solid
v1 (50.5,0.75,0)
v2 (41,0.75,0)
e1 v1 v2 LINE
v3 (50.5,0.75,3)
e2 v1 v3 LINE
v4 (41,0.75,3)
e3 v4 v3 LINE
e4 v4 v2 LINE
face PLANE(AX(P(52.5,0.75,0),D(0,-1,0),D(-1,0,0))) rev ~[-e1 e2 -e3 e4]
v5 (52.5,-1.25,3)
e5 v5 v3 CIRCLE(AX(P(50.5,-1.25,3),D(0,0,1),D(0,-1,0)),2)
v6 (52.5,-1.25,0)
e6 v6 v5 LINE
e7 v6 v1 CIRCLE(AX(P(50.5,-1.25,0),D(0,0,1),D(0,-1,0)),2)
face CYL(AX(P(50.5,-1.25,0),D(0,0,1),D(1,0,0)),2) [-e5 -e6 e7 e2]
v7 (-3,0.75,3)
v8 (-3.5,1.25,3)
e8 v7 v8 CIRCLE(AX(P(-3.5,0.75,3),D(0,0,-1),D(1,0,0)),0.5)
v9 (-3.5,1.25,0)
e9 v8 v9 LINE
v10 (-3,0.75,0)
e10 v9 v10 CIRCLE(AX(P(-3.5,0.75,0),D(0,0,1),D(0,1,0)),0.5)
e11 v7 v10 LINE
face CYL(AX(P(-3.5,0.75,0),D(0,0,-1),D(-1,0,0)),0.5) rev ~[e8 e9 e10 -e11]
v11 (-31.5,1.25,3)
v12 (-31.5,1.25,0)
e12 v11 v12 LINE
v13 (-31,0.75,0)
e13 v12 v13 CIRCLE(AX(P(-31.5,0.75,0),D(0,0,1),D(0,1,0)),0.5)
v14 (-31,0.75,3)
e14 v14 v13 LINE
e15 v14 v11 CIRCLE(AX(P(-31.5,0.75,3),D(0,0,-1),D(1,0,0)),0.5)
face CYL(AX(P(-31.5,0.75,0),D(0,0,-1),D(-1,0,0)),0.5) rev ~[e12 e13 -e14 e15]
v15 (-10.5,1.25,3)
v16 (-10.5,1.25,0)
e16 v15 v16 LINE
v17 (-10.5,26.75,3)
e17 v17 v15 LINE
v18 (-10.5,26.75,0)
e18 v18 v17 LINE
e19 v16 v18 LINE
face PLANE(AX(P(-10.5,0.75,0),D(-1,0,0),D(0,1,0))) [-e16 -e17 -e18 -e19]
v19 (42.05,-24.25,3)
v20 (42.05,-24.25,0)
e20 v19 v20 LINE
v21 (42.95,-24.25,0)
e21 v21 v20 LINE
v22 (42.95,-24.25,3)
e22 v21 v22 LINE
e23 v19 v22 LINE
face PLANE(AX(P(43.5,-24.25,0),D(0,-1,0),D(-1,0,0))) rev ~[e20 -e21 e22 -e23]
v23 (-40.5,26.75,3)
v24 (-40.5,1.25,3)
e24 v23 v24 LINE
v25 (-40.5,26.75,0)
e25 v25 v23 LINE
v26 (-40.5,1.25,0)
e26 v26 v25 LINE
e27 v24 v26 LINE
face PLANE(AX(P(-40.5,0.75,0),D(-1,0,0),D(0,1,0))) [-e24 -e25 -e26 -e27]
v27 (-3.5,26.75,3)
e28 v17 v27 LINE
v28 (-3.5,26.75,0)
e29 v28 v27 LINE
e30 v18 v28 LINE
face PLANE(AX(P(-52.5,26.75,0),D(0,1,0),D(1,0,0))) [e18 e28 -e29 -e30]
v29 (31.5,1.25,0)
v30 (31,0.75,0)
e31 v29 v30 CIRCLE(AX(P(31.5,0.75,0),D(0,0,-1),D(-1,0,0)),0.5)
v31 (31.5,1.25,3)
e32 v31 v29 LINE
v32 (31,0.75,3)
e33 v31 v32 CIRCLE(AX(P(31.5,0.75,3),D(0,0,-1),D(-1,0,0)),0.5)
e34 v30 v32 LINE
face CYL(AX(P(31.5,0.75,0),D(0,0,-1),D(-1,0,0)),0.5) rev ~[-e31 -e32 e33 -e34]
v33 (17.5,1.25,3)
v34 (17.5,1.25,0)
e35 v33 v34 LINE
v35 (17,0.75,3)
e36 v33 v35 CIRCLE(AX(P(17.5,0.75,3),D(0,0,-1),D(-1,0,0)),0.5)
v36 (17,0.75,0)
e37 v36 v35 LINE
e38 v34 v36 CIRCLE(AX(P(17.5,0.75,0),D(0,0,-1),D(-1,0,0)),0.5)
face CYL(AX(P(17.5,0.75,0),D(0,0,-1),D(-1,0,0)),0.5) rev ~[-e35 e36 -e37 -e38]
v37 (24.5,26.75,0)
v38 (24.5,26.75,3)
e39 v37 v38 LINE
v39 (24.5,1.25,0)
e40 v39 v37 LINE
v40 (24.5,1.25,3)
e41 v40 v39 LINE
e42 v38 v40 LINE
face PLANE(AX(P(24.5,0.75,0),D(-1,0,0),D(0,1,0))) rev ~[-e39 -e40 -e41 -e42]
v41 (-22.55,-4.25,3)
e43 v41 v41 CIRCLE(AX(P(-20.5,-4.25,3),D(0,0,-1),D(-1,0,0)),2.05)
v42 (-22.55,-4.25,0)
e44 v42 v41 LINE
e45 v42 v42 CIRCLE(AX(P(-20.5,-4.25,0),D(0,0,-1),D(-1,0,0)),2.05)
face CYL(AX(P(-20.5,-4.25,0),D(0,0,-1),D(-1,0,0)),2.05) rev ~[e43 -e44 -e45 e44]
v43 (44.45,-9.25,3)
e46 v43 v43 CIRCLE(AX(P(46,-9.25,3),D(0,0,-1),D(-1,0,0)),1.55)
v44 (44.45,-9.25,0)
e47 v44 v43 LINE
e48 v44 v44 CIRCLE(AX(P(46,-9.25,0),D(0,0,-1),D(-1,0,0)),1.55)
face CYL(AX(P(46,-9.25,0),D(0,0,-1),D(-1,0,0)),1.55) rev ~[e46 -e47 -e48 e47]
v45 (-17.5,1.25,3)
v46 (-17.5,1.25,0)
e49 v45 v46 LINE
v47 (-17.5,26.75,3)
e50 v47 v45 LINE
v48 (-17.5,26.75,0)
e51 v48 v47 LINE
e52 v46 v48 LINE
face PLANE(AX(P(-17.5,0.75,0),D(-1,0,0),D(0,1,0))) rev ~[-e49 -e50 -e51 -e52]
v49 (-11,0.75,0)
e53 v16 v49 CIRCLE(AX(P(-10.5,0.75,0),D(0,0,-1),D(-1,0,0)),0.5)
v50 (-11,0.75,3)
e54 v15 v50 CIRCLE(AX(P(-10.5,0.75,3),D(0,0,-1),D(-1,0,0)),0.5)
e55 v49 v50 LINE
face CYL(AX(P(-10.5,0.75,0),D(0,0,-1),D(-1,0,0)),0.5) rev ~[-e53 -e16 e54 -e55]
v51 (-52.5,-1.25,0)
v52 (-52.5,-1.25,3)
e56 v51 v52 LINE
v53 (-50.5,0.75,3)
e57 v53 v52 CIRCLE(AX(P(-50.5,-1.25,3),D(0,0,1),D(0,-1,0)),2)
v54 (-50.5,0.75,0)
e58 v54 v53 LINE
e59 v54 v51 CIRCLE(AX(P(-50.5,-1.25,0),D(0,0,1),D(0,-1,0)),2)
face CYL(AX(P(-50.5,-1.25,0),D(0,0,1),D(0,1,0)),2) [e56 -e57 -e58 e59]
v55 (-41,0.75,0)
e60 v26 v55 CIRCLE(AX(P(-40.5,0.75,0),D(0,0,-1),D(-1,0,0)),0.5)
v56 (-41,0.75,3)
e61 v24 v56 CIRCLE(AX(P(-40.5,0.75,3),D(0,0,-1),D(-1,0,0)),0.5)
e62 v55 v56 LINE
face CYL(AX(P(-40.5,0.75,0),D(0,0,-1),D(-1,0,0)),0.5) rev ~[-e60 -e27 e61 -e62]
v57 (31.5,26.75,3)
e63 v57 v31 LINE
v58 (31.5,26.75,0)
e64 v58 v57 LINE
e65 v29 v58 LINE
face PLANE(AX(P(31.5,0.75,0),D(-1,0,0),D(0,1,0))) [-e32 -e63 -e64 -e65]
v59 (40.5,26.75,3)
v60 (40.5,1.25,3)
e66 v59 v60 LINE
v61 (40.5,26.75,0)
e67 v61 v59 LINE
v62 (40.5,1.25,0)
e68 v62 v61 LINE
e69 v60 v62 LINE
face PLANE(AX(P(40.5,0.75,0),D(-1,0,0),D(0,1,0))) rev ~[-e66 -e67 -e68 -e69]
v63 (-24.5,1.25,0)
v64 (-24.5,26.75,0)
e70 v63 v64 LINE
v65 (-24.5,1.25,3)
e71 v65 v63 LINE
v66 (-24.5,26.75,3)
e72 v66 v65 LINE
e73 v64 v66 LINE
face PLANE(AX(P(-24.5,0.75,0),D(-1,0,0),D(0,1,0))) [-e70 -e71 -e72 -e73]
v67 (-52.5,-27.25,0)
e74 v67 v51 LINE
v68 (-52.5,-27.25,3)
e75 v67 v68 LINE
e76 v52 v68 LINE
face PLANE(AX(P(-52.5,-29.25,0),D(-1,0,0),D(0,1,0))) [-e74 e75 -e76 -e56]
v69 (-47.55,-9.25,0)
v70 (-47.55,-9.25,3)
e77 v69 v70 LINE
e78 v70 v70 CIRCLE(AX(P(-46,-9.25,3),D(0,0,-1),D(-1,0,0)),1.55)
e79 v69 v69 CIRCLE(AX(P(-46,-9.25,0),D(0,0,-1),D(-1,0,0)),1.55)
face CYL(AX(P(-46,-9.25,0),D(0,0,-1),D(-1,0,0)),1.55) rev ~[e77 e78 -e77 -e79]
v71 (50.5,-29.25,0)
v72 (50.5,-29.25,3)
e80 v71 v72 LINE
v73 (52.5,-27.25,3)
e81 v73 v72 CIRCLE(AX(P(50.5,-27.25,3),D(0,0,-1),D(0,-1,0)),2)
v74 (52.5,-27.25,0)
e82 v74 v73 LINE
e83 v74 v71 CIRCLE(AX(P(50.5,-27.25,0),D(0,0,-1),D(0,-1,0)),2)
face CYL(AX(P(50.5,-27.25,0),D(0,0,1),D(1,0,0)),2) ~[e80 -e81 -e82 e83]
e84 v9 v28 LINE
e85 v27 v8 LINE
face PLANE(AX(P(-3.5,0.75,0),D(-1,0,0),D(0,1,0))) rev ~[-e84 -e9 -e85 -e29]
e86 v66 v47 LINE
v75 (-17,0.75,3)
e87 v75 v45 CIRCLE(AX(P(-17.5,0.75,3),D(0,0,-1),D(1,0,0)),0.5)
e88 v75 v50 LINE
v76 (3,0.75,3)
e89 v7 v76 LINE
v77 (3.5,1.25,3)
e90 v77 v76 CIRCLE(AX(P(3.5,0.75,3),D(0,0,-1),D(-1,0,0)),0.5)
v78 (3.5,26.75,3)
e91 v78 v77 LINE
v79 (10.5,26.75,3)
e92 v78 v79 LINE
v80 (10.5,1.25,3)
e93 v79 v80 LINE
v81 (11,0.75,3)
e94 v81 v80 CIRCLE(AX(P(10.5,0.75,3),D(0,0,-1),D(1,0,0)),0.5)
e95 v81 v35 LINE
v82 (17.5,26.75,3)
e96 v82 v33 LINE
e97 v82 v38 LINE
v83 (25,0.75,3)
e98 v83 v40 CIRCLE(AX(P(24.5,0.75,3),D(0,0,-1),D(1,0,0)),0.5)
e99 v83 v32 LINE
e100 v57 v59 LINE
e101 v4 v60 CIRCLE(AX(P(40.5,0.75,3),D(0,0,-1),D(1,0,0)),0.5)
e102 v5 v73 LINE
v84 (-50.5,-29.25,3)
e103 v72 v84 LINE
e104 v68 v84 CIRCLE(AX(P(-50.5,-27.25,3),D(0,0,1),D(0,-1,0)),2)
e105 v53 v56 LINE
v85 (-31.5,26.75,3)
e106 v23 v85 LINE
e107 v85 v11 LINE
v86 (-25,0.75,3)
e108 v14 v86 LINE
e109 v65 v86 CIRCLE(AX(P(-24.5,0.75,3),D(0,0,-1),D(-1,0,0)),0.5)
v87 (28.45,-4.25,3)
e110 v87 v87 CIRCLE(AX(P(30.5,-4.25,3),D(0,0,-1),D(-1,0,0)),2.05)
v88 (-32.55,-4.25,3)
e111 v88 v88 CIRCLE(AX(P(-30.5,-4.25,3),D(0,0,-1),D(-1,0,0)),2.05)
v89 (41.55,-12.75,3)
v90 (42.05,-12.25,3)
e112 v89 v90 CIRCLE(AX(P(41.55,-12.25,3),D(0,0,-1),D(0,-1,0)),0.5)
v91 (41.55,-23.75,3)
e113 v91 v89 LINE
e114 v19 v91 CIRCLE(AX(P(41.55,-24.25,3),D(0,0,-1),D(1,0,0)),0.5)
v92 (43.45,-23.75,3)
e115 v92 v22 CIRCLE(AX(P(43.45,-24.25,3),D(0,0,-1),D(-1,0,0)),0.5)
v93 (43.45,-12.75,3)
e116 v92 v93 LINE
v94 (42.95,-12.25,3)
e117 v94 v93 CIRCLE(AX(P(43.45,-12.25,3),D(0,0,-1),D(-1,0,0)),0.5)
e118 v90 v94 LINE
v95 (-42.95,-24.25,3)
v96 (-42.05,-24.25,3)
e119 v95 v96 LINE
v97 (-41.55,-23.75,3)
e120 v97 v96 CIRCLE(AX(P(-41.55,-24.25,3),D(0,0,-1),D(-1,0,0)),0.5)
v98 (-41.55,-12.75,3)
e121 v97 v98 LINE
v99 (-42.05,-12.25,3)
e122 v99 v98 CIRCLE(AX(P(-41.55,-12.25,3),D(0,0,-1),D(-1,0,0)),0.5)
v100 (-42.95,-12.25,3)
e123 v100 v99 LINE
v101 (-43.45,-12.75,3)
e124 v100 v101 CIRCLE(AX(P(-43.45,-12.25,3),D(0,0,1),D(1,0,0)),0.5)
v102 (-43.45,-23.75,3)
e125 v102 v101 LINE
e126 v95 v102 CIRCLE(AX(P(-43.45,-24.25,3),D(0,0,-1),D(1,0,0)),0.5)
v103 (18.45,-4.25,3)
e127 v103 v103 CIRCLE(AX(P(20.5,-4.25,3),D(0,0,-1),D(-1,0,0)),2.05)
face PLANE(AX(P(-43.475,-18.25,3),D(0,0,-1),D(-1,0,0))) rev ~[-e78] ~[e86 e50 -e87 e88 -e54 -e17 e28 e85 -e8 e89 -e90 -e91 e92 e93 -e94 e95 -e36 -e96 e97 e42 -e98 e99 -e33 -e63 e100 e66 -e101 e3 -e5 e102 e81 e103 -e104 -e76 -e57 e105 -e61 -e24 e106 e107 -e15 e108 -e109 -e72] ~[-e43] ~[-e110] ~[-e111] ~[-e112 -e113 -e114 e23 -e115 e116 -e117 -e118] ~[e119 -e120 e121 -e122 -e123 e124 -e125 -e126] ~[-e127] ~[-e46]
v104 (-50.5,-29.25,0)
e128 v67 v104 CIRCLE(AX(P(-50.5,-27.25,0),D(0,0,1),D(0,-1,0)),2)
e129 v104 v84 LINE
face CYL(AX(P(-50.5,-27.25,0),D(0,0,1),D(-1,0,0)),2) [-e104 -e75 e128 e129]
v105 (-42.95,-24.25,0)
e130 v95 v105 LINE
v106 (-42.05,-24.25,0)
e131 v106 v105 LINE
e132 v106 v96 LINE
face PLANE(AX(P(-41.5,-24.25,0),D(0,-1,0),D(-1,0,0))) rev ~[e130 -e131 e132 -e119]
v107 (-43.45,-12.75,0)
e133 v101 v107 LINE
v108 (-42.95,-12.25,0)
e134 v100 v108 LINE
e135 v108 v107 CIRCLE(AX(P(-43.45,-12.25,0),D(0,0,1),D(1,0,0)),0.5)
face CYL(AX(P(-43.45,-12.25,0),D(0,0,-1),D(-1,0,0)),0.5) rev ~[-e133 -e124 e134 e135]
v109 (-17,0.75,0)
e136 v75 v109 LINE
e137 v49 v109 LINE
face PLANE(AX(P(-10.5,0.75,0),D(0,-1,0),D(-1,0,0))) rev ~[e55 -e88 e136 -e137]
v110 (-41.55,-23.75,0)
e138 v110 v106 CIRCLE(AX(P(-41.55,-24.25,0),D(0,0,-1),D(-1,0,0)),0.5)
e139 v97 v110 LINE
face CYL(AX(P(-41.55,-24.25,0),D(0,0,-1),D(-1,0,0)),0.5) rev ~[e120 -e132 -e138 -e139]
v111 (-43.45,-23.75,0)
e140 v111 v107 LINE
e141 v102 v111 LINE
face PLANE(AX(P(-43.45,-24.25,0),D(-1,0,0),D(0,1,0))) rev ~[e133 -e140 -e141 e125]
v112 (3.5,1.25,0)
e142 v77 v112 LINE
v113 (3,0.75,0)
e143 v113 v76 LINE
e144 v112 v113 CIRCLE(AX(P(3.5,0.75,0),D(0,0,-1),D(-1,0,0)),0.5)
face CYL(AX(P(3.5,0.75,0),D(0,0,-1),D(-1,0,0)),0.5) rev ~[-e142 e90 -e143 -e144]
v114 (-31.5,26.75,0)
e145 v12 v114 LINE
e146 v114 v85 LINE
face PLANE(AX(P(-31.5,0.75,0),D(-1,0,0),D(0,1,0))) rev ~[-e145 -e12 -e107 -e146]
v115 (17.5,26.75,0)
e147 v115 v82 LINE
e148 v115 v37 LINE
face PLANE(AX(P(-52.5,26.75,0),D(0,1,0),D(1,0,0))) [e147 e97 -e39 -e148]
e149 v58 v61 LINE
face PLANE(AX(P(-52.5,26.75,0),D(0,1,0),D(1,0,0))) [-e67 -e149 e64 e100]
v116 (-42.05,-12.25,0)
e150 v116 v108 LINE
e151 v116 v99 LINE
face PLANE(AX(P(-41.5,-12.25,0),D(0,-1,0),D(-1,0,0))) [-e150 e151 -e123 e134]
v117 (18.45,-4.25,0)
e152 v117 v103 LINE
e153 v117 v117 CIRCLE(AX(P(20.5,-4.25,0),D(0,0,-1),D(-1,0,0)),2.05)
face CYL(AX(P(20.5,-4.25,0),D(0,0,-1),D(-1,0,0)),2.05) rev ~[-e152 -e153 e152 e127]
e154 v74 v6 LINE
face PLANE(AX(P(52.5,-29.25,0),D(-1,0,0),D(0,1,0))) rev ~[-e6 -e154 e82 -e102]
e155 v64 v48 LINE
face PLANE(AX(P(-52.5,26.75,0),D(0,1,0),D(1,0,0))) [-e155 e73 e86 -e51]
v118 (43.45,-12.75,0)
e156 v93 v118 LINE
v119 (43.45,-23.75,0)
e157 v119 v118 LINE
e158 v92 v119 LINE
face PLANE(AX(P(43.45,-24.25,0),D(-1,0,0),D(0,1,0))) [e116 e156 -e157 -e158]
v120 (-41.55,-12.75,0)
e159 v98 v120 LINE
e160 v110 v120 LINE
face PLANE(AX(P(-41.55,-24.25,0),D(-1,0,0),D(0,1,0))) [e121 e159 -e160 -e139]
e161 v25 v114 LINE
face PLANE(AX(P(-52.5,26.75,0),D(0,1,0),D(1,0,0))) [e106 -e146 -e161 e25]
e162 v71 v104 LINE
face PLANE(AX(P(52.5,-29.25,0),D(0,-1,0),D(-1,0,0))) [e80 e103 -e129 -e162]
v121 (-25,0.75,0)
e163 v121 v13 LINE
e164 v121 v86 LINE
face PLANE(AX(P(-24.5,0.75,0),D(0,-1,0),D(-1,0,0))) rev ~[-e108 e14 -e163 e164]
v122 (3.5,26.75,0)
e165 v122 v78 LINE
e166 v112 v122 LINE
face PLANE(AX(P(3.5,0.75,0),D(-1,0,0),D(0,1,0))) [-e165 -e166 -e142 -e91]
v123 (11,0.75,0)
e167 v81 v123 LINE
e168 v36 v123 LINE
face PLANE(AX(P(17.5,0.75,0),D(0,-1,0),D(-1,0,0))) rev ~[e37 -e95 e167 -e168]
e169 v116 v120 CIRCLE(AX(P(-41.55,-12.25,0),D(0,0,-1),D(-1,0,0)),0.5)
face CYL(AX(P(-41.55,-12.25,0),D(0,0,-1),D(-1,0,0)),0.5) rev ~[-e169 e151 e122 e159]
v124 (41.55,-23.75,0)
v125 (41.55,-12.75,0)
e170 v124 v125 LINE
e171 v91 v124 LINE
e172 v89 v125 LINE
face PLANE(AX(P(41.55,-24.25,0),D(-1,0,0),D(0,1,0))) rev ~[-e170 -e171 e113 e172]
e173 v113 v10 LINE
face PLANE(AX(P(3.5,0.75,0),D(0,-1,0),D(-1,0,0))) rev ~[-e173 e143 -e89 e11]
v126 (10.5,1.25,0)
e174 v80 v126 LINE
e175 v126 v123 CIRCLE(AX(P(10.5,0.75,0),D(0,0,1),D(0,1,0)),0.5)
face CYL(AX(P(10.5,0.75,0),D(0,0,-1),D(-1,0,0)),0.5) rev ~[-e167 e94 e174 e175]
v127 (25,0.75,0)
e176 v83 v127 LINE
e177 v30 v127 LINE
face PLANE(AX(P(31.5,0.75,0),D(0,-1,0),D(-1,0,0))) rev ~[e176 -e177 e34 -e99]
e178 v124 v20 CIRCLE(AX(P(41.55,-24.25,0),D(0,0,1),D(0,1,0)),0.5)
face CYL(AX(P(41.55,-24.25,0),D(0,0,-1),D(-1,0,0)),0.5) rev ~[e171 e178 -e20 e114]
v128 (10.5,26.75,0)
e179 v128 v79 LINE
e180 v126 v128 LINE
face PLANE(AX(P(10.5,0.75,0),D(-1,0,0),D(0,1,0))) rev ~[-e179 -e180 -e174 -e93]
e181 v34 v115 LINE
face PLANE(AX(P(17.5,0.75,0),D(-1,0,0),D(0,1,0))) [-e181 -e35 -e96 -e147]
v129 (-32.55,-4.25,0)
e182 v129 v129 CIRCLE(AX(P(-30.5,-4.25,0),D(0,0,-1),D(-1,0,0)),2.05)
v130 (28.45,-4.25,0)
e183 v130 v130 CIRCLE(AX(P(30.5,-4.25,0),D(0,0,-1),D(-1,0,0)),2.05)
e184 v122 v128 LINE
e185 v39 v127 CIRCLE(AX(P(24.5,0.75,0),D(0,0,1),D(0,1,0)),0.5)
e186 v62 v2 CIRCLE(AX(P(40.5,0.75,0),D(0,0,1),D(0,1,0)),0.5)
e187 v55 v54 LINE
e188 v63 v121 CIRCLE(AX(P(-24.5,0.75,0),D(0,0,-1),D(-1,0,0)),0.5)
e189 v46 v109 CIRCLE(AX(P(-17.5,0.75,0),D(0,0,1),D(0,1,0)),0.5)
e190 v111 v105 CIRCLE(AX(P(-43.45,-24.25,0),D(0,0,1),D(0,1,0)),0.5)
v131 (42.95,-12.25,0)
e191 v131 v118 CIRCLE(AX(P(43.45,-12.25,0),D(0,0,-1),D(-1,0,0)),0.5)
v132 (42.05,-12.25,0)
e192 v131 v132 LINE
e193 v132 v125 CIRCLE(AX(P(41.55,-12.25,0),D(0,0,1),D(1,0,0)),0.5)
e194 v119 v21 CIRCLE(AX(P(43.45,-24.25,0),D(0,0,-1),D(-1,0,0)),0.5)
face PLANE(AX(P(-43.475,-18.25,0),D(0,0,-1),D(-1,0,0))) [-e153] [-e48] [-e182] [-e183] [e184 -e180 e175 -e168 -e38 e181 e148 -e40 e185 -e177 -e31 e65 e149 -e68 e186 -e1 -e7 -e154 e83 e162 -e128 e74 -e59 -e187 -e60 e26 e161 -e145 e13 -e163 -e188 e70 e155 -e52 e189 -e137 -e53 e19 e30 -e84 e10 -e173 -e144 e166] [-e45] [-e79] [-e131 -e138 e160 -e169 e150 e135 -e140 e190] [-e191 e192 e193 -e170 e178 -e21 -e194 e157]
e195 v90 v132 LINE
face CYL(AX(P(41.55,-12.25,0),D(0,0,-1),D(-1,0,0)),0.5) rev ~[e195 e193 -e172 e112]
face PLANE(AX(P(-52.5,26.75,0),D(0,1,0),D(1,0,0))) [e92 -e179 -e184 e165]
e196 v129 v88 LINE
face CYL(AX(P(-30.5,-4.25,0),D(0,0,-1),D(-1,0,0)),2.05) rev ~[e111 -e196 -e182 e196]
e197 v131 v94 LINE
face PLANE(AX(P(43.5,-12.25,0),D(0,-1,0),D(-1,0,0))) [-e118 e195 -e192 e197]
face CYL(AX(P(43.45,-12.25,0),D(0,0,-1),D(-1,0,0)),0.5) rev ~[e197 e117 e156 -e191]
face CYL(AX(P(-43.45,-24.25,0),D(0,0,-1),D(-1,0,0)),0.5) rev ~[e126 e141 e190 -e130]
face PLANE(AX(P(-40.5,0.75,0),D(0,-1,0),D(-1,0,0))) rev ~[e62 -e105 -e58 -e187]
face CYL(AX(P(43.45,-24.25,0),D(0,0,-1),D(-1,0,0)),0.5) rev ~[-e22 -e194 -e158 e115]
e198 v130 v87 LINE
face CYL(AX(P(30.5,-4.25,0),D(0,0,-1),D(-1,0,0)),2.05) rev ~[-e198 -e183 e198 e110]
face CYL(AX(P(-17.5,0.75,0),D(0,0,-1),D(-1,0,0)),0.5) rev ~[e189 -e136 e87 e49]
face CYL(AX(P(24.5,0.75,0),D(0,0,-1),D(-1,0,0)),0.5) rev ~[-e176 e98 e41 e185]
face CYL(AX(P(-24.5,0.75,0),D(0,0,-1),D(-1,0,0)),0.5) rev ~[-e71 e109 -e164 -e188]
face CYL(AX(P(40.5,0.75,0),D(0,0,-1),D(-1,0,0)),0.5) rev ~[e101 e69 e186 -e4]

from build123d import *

# Parameters (mm, degrees)
SKETCH_1_W          = 105
SKETCH_1_H          = 53.5
EXTRUDE_1_DEPTH     = 3
SKETCH_2_R          = 1.55
SKETCH_2_W          = 2
SKETCH_2_H          = 12
CUT_EXTRUDE_1_DEPTH = 5
SKETCH_3_W          = 7
SKETCH_3_H          = 26
SKETCH_3_W_2        = 12
CUT_EXTRUDE_2_DEPTH = 4
SKETCH_8_W          = 105
SKETCH_8_H          = 2.5
EXTRUDE_2_DEPTH     = 3
FILLET_1_R          = 2
SKETCH_7_R          = 0.5
CUT_EXTRUDE_6_DEPTH = 10
SKETCH_10_W         = 0.05
SKETCH_10_H         = 12
EXTRUDE_3_DEPTH     = 3
SKETCH_11_R         = 0.5
CUT_EXTRUDE_7_DEPTH = 10
SKETCH_12_R         = 2.05
CUT_EXTRUDE_8_DEPTH = 10


with BuildPart() as part:
    # 草图1 → 凸台-拉伸1 (new body)
    with BuildSketch(Plane.XY):
        Rectangle(SKETCH_1_W, SKETCH_1_H)
    extrude(amount=EXTRUDE_1_DEPTH)

    # 草图2 → 切除-拉伸1 (cut)
    with BuildSketch(Plane(origin=(0, 0, 0), x_dir=(-1, 0, 0), z_dir=(0, 0, -1))):
        with Locations((46, -9.25)):
            Circle(SKETCH_2_R)
        with Locations((-46, -9.25)):
            Circle(SKETCH_2_R)
        with Locations((42.5, -18.25)):
            Rectangle(SKETCH_2_W, SKETCH_2_H)
        with Locations((-42.5, -18.25)):
            Rectangle(SKETCH_2_W, SKETCH_2_H)
    extrude(amount=-CUT_EXTRUDE_1_DEPTH, mode=Mode.SUBTRACT)

    # 草图3 → 切除-拉伸2 (cut, through all)
    with BuildSketch(Plane(origin=(0, 0, 0), x_dir=(-1, 0, 0), z_dir=(0, 0, -1))):
        with Locations((-28, 13.75)):
            Rectangle(SKETCH_3_W, SKETCH_3_H)
        with Locations((-14, 13.75)):
            Rectangle(SKETCH_3_W, SKETCH_3_H)
        with Locations((46.5, 13.75)):
            Rectangle(SKETCH_3_W_2, SKETCH_3_H)
        with Locations((28, 13.75)):
            Rectangle(SKETCH_3_W, SKETCH_3_H)
        with Locations((0, 13.75)):
            Rectangle(SKETCH_3_W, SKETCH_3_H)
        with Locations((-46.5, 13.75)):
            Rectangle(SKETCH_3_W_2, SKETCH_3_H)
        with Locations((14, 13.75)):
            Rectangle(SKETCH_3_W, SKETCH_3_H)
    extrude(amount=-CUT_EXTRUDE_2_DEPTH, mode=Mode.SUBTRACT)

    # 草图8 → 凸台-拉伸2 (add)
    with BuildSketch(Plane(origin=(0, 0, 0), x_dir=(-1, 0, 0), z_dir=(0, 0, -1))):
        with Locations((0, -28)):
            Rectangle(SKETCH_8_W, SKETCH_8_H)
    extrude(amount=-EXTRUDE_2_DEPTH)

    # 圆角1
    fillet_1_edges = [part.edges().sort_by_distance(p)[0] for p in [
        (-52.5, 0.75, 1.5),
        (52.5, 0.75, 1.5),
        (-52.5, -29.25, 1.5),
        (52.5, -29.25, 1.5),
    ]]
    fillet(fillet_1_edges, radius=FILLET_1_R)

    # 草图7 → 切除-拉伸6 (cut)
    with BuildSketch(Plane(origin=(0, 0, 0), x_dir=(-1, 0, 0), z_dir=(0, 0, -1))):
        with Locations((-40.5, 0.75)):
            Circle(SKETCH_7_R)
        with Locations((-31.5, 0.75)):
            Circle(SKETCH_7_R)
        with Locations((-24.5, 0.75)):
            Circle(SKETCH_7_R)
        with Locations((-17.5, 0.75)):
            Circle(SKETCH_7_R)
        with Locations((-10.5, 0.75)):
            Circle(SKETCH_7_R)
        with Locations((24.5, 0.75)):
            Circle(SKETCH_7_R)
        with Locations((31.5, 0.75)):
            Circle(SKETCH_7_R)
        with Locations((40.5, 0.75)):
            Circle(SKETCH_7_R)
        with Locations((-3.5, 0.75)):
            Circle(SKETCH_7_R)
        with Locations((3.5, 0.75)):
            Circle(SKETCH_7_R)
        with Locations((10.5, 0.75)):
            Circle(SKETCH_7_R)
        with Locations((17.5, 0.75)):
            Circle(SKETCH_7_R)
    extrude(amount=-CUT_EXTRUDE_6_DEPTH, mode=Mode.SUBTRACT)

    # 草图10 → 凸台-拉伸3 (add)
    with BuildSketch(Plane(origin=(0, 0, 0), x_dir=(-1, 0, 0), z_dir=(0, 0, -1))):
        with Locations((43.475, -18.25)):
            Rectangle(SKETCH_10_W, SKETCH_10_H)
        with Locations((41.525, -18.25)):
            Rectangle(SKETCH_10_W, SKETCH_10_H)
        with Locations((-41.525, -18.25)):
            Rectangle(SKETCH_10_W, SKETCH_10_H)
        with Locations((-43.475, -18.25)):
            Rectangle(SKETCH_10_W, SKETCH_10_H)
    extrude(amount=-EXTRUDE_3_DEPTH)

    # 草图11 → 切除-拉伸7 (cut)
    with BuildSketch(Plane(origin=(0, 0, 0), x_dir=(-1, 0, 0), z_dir=(0, 0, -1))):
        with Locations((43.45, -24.25)):
            Circle(SKETCH_11_R)
        with Locations((41.55, -24.25)):
            Circle(SKETCH_11_R)
        with Locations((43.45, -12.25)):
            Circle(SKETCH_11_R)
        with Locations((41.55, -12.25)):
            Circle(SKETCH_11_R)
        with Locations((-41.55, -24.25)):
            Circle(SKETCH_11_R)
        with Locations((-43.45, -24.25)):
            Circle(SKETCH_11_R)
        with Locations((-43.45, -12.25)):
            Circle(SKETCH_11_R)
        with Locations((-41.55, -12.25)):
            Circle(SKETCH_11_R)
    extrude(amount=-CUT_EXTRUDE_7_DEPTH, mode=Mode.SUBTRACT)

    # 草图12 → 切除-拉伸8 (cut)
    with BuildSketch(Plane(origin=(0, 0, 0), x_dir=(-1, 0, 0), z_dir=(0, 0, -1))):
        with Locations((-30.5, -4.25)):
            Circle(SKETCH_12_R)
        with Locations((-20.5, -4.25)):
            Circle(SKETCH_12_R)
        with Locations((20.5, -4.25)):
            Circle(SKETCH_12_R)
        with Locations((30.5, -4.25)):
            Circle(SKETCH_12_R)
    extrude(amount=-CUT_EXTRUDE_8_DEPTH, mode=Mode.SUBTRACT)


solid = part.part
